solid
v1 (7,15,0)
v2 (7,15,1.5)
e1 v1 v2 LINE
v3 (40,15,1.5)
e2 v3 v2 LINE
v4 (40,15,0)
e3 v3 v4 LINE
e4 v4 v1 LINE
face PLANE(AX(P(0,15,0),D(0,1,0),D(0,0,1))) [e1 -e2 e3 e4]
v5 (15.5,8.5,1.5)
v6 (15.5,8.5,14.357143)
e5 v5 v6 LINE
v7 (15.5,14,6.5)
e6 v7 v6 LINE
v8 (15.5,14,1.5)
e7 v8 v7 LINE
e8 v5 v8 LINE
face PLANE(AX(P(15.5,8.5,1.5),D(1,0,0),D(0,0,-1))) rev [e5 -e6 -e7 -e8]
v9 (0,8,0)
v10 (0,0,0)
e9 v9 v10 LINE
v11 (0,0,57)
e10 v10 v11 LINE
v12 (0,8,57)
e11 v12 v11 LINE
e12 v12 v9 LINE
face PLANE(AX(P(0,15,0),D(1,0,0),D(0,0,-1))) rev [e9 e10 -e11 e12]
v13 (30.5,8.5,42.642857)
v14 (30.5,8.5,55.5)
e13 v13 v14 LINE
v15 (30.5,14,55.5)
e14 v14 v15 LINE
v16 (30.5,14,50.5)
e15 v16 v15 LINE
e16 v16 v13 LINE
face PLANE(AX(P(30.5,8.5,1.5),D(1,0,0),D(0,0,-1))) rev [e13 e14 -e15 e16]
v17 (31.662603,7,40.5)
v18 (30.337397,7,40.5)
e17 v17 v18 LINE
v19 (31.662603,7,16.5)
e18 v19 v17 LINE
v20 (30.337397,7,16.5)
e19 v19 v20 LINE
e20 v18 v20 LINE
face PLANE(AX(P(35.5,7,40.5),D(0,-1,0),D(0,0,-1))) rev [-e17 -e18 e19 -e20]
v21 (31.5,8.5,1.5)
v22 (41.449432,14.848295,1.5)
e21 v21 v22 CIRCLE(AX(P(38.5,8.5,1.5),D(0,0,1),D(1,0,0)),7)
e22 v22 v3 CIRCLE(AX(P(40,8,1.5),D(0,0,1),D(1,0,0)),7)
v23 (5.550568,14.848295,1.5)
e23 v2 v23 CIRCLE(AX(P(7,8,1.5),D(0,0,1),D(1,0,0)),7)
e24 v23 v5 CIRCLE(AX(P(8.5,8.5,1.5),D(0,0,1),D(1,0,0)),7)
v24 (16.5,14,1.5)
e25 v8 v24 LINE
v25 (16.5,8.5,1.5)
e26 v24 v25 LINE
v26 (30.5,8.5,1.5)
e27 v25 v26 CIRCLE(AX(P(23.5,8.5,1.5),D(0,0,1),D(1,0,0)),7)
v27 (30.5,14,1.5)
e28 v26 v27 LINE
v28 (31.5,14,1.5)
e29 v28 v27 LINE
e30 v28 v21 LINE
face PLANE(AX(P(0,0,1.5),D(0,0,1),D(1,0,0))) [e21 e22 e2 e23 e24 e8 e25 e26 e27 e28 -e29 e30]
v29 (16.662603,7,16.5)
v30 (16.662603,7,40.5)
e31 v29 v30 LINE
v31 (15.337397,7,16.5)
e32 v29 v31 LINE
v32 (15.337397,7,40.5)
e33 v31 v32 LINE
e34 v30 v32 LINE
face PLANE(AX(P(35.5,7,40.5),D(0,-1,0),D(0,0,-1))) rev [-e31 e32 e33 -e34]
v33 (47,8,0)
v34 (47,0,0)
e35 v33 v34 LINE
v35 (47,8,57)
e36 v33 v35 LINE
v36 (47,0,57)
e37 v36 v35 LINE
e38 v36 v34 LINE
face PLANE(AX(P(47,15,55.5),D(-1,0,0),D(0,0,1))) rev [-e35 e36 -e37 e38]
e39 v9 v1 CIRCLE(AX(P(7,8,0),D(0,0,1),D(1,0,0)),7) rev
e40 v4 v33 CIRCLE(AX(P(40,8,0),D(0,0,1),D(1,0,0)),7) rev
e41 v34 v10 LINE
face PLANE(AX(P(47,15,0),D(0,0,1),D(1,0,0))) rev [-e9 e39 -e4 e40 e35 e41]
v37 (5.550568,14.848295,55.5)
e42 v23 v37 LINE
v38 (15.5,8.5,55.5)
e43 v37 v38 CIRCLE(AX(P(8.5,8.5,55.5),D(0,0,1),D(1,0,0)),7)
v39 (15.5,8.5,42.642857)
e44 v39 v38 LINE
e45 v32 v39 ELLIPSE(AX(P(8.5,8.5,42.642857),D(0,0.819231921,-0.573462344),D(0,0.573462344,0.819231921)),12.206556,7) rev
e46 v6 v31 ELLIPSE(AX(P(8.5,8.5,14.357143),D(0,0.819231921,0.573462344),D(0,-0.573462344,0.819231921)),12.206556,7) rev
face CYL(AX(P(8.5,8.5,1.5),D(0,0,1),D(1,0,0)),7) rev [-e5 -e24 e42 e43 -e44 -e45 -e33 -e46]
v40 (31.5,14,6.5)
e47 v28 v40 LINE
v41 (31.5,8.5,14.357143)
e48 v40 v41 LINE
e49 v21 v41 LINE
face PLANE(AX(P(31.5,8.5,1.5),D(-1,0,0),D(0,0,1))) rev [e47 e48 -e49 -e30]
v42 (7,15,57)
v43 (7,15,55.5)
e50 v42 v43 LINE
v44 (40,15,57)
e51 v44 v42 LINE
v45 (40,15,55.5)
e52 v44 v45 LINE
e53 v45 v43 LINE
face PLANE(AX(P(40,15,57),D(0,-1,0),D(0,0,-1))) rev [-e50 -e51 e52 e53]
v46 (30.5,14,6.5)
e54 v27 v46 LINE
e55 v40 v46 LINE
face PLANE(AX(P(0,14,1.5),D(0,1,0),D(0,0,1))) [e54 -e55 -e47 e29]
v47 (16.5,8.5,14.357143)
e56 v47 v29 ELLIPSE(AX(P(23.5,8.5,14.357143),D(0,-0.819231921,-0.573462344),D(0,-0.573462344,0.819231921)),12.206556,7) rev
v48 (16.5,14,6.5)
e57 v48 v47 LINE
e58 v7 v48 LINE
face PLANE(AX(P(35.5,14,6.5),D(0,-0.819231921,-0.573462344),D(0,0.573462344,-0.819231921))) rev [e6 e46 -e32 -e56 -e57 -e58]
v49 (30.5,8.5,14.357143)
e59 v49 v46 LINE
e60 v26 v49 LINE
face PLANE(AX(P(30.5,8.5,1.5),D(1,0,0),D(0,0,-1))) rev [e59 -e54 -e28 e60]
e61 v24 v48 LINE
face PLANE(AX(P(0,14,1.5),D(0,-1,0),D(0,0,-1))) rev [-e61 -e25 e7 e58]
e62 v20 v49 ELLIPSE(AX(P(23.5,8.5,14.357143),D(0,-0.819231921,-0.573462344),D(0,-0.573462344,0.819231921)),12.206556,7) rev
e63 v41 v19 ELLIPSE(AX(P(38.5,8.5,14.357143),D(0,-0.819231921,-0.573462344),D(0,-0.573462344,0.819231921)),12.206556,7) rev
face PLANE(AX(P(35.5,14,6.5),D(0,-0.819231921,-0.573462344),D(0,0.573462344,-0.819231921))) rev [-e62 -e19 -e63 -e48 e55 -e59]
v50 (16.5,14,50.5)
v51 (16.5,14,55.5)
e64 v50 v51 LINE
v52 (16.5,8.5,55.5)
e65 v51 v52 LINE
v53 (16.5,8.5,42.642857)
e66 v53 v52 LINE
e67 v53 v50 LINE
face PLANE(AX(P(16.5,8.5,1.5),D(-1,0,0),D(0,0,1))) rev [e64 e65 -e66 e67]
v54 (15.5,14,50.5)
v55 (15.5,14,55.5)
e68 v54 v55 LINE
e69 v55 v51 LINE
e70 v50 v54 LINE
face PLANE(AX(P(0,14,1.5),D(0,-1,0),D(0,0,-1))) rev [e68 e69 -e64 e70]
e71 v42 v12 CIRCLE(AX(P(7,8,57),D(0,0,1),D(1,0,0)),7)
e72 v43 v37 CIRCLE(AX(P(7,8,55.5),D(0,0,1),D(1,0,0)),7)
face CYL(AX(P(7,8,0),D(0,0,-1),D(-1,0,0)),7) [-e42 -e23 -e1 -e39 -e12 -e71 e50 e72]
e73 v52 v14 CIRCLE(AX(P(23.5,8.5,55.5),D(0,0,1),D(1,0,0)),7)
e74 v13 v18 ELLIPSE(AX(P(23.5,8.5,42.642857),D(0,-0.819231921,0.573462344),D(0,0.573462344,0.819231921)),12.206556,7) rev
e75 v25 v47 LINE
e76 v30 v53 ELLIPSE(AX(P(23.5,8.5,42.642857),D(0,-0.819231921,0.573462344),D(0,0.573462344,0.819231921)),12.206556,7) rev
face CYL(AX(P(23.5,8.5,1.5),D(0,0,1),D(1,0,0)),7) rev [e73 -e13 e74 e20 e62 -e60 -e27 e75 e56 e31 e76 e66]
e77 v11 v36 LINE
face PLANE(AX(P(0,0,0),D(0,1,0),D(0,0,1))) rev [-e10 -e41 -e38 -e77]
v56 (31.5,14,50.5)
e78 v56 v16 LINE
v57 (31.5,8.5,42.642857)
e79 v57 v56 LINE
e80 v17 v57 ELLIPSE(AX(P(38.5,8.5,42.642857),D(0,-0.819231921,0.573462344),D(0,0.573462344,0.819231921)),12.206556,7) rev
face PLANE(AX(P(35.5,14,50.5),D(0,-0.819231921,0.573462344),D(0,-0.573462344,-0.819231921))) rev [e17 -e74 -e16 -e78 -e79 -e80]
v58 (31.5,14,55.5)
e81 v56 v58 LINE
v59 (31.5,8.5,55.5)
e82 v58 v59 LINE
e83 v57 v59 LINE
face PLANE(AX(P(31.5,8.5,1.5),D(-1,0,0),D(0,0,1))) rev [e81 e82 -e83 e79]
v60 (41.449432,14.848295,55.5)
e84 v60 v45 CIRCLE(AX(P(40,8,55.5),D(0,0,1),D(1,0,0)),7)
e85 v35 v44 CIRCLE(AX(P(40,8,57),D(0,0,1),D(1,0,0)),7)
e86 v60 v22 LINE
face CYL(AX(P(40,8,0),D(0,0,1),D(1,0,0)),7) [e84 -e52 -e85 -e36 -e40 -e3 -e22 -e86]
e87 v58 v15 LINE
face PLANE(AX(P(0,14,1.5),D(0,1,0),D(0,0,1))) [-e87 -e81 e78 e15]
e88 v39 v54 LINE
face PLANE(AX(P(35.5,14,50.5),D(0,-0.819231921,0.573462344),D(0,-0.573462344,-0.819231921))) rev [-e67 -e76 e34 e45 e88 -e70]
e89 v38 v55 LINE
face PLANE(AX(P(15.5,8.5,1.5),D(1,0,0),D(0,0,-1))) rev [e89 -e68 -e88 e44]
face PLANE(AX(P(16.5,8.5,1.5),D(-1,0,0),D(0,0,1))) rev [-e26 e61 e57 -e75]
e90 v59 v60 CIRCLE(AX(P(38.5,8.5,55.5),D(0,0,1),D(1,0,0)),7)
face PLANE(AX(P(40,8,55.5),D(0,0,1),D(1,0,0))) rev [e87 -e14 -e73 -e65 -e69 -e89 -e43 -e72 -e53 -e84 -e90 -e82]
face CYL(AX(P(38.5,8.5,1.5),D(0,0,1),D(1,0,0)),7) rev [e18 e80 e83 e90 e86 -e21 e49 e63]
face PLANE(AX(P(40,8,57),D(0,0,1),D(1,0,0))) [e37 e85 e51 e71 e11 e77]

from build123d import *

# Parameters (mm, degrees)
SKETCH1_W           = 47
SKETCH1_H           = 55.5
BOSS_EXTRUDE1_DEPTH = 15
CUT_EXTRUDE4_DEPTH  = 54
FILLET1_R           = 7
FILLET2_R           = 7
SKETCH3_W           = 4.401923789
SKETCH3_H           = 6.5
CUT_EXTRUDE5_DEPTH  = 54
SKETCH4_W           = 1
SKETCH4_H           = 1
CUT_EXTRUDE6_DEPTH  = 54
CUT_EXTRUDE7_DEPTH  = 20
CUT_EXTRUDE8_DEPTH  = 5
BOSS_EXTRUDE3_DEPTH = 1.5


with BuildPart() as part:
    # Sketch1 → Boss-Extrude1 (new body)
    with BuildSketch(Plane(origin=(0, 0, 0), x_dir=(1, 0, 0), z_dir=(0, 1, 0))):
        with Locations((23.5, -27.75)):
            Rectangle(SKETCH1_W, SKETCH1_H)
    extrude(amount=BOSS_EXTRUDE1_DEPTH)

    # Sketch2 → Cut-Extrude4 (cut)
    with BuildSketch(Plane.XY.offset(55.5)):
        with BuildLine():
            Line((11.098076211, 15), (5.901923789, 15))
            ThreePointArc((5.901923789, 15), (8.5, 1.5), (11.098076211, 15))
        make_face()
        with BuildLine():
            Line((26.098076211, 15), (20.901923789, 15))
            ThreePointArc((20.901923789, 15), (23.5, 1.5), (26.098076211, 15))
        make_face()
        with BuildLine():
            ThreePointArc((35.901923789, 15), (38.5, 1.5), (41.098076211, 15))
            Line((41.098076211, 15), (35.901923789, 15))
        make_face()
    extrude(amount=-CUT_EXTRUDE4_DEPTH, mode=Mode.SUBTRACT)

    # Fillet1
    fillet1_edges = [part.edges().sort_by_distance(p)[0] for p in [
        (47, 15, 27.75),
    ]]
    fillet(fillet1_edges, radius=FILLET1_R)

    # Fillet2
    fillet2_edges = [part.edges().sort_by_distance(p)[0] for p in [
        (0, 15, 27.75),
    ]]
    fillet(fillet2_edges, radius=FILLET2_R)

    # Sketch3 → Cut-Extrude5 (cut)
    with BuildSketch(Plane.XY.offset(55.5)):
        with Locations((28.299038106, 11.75)):
            Rectangle(SKETCH3_W, SKETCH3_H)
        with Locations((33.700961895, 11.75)):
            Rectangle(SKETCH3_W, SKETCH3_H)
        with Locations((13.299038106, 11.75)):
            Rectangle(SKETCH3_W, SKETCH3_H)
        with Locations((18.700961895, 11.75)):
            Rectangle(SKETCH3_W, SKETCH3_H)
    extrude(amount=-CUT_EXTRUDE5_DEPTH, mode=Mode.SUBTRACT)

    # Sketch4 → Cut-Extrude6 (cut)
    with BuildSketch(Plane.XY.offset(55.5)):
        with Locations((16, 14.5)):
            Rectangle(SKETCH4_W, SKETCH4_H)
        with Locations((31, 14.5)):
            Rectangle(SKETCH4_W, SKETCH4_H)
    extrude(amount=-CUT_EXTRUDE6_DEPTH, mode=Mode.SUBTRACT)

    # Sketch5 → Cut-Extrude7 (cut)
    with BuildSketch(Plane.ZY.offset(-15.5)):
        Polygon((6.5, 14), (50.5, 14), (40.5, 7), (16.5, 7), align=None)
    extrude(amount=-CUT_EXTRUDE7_DEPTH, mode=Mode.SUBTRACT)

    # Sketch5<2> → Cut-Extrude8 (cut)
    with BuildSketch(Plane.ZY.offset(-15.5)):
        Polygon((6.5, 14), (50.5, 14), (40.5, 7), (16.5, 7), align=None)
    extrude(amount=CUT_EXTRUDE8_DEPTH, mode=Mode.SUBTRACT)

    # Sketch6 → Boss-Extrude3 (add)
    with BuildSketch(Plane.XY.offset(55.5)):
        with BuildLine():
            Line((0, 0), (47, 0))
            Line((47, 0), (47, 8))
            ThreePointArc((47, 8), (44.949747468, 12.949747468), (40, 15))
            Line((40, 15), (7, 15))
            ThreePointArc((7, 15), (2.050252532, 12.949747468), (0, 8))
            Line((0, 8), (0, 0))
        make_face()
    extrude(amount=BOSS_EXTRUDE3_DEPTH)


solid = part.part
